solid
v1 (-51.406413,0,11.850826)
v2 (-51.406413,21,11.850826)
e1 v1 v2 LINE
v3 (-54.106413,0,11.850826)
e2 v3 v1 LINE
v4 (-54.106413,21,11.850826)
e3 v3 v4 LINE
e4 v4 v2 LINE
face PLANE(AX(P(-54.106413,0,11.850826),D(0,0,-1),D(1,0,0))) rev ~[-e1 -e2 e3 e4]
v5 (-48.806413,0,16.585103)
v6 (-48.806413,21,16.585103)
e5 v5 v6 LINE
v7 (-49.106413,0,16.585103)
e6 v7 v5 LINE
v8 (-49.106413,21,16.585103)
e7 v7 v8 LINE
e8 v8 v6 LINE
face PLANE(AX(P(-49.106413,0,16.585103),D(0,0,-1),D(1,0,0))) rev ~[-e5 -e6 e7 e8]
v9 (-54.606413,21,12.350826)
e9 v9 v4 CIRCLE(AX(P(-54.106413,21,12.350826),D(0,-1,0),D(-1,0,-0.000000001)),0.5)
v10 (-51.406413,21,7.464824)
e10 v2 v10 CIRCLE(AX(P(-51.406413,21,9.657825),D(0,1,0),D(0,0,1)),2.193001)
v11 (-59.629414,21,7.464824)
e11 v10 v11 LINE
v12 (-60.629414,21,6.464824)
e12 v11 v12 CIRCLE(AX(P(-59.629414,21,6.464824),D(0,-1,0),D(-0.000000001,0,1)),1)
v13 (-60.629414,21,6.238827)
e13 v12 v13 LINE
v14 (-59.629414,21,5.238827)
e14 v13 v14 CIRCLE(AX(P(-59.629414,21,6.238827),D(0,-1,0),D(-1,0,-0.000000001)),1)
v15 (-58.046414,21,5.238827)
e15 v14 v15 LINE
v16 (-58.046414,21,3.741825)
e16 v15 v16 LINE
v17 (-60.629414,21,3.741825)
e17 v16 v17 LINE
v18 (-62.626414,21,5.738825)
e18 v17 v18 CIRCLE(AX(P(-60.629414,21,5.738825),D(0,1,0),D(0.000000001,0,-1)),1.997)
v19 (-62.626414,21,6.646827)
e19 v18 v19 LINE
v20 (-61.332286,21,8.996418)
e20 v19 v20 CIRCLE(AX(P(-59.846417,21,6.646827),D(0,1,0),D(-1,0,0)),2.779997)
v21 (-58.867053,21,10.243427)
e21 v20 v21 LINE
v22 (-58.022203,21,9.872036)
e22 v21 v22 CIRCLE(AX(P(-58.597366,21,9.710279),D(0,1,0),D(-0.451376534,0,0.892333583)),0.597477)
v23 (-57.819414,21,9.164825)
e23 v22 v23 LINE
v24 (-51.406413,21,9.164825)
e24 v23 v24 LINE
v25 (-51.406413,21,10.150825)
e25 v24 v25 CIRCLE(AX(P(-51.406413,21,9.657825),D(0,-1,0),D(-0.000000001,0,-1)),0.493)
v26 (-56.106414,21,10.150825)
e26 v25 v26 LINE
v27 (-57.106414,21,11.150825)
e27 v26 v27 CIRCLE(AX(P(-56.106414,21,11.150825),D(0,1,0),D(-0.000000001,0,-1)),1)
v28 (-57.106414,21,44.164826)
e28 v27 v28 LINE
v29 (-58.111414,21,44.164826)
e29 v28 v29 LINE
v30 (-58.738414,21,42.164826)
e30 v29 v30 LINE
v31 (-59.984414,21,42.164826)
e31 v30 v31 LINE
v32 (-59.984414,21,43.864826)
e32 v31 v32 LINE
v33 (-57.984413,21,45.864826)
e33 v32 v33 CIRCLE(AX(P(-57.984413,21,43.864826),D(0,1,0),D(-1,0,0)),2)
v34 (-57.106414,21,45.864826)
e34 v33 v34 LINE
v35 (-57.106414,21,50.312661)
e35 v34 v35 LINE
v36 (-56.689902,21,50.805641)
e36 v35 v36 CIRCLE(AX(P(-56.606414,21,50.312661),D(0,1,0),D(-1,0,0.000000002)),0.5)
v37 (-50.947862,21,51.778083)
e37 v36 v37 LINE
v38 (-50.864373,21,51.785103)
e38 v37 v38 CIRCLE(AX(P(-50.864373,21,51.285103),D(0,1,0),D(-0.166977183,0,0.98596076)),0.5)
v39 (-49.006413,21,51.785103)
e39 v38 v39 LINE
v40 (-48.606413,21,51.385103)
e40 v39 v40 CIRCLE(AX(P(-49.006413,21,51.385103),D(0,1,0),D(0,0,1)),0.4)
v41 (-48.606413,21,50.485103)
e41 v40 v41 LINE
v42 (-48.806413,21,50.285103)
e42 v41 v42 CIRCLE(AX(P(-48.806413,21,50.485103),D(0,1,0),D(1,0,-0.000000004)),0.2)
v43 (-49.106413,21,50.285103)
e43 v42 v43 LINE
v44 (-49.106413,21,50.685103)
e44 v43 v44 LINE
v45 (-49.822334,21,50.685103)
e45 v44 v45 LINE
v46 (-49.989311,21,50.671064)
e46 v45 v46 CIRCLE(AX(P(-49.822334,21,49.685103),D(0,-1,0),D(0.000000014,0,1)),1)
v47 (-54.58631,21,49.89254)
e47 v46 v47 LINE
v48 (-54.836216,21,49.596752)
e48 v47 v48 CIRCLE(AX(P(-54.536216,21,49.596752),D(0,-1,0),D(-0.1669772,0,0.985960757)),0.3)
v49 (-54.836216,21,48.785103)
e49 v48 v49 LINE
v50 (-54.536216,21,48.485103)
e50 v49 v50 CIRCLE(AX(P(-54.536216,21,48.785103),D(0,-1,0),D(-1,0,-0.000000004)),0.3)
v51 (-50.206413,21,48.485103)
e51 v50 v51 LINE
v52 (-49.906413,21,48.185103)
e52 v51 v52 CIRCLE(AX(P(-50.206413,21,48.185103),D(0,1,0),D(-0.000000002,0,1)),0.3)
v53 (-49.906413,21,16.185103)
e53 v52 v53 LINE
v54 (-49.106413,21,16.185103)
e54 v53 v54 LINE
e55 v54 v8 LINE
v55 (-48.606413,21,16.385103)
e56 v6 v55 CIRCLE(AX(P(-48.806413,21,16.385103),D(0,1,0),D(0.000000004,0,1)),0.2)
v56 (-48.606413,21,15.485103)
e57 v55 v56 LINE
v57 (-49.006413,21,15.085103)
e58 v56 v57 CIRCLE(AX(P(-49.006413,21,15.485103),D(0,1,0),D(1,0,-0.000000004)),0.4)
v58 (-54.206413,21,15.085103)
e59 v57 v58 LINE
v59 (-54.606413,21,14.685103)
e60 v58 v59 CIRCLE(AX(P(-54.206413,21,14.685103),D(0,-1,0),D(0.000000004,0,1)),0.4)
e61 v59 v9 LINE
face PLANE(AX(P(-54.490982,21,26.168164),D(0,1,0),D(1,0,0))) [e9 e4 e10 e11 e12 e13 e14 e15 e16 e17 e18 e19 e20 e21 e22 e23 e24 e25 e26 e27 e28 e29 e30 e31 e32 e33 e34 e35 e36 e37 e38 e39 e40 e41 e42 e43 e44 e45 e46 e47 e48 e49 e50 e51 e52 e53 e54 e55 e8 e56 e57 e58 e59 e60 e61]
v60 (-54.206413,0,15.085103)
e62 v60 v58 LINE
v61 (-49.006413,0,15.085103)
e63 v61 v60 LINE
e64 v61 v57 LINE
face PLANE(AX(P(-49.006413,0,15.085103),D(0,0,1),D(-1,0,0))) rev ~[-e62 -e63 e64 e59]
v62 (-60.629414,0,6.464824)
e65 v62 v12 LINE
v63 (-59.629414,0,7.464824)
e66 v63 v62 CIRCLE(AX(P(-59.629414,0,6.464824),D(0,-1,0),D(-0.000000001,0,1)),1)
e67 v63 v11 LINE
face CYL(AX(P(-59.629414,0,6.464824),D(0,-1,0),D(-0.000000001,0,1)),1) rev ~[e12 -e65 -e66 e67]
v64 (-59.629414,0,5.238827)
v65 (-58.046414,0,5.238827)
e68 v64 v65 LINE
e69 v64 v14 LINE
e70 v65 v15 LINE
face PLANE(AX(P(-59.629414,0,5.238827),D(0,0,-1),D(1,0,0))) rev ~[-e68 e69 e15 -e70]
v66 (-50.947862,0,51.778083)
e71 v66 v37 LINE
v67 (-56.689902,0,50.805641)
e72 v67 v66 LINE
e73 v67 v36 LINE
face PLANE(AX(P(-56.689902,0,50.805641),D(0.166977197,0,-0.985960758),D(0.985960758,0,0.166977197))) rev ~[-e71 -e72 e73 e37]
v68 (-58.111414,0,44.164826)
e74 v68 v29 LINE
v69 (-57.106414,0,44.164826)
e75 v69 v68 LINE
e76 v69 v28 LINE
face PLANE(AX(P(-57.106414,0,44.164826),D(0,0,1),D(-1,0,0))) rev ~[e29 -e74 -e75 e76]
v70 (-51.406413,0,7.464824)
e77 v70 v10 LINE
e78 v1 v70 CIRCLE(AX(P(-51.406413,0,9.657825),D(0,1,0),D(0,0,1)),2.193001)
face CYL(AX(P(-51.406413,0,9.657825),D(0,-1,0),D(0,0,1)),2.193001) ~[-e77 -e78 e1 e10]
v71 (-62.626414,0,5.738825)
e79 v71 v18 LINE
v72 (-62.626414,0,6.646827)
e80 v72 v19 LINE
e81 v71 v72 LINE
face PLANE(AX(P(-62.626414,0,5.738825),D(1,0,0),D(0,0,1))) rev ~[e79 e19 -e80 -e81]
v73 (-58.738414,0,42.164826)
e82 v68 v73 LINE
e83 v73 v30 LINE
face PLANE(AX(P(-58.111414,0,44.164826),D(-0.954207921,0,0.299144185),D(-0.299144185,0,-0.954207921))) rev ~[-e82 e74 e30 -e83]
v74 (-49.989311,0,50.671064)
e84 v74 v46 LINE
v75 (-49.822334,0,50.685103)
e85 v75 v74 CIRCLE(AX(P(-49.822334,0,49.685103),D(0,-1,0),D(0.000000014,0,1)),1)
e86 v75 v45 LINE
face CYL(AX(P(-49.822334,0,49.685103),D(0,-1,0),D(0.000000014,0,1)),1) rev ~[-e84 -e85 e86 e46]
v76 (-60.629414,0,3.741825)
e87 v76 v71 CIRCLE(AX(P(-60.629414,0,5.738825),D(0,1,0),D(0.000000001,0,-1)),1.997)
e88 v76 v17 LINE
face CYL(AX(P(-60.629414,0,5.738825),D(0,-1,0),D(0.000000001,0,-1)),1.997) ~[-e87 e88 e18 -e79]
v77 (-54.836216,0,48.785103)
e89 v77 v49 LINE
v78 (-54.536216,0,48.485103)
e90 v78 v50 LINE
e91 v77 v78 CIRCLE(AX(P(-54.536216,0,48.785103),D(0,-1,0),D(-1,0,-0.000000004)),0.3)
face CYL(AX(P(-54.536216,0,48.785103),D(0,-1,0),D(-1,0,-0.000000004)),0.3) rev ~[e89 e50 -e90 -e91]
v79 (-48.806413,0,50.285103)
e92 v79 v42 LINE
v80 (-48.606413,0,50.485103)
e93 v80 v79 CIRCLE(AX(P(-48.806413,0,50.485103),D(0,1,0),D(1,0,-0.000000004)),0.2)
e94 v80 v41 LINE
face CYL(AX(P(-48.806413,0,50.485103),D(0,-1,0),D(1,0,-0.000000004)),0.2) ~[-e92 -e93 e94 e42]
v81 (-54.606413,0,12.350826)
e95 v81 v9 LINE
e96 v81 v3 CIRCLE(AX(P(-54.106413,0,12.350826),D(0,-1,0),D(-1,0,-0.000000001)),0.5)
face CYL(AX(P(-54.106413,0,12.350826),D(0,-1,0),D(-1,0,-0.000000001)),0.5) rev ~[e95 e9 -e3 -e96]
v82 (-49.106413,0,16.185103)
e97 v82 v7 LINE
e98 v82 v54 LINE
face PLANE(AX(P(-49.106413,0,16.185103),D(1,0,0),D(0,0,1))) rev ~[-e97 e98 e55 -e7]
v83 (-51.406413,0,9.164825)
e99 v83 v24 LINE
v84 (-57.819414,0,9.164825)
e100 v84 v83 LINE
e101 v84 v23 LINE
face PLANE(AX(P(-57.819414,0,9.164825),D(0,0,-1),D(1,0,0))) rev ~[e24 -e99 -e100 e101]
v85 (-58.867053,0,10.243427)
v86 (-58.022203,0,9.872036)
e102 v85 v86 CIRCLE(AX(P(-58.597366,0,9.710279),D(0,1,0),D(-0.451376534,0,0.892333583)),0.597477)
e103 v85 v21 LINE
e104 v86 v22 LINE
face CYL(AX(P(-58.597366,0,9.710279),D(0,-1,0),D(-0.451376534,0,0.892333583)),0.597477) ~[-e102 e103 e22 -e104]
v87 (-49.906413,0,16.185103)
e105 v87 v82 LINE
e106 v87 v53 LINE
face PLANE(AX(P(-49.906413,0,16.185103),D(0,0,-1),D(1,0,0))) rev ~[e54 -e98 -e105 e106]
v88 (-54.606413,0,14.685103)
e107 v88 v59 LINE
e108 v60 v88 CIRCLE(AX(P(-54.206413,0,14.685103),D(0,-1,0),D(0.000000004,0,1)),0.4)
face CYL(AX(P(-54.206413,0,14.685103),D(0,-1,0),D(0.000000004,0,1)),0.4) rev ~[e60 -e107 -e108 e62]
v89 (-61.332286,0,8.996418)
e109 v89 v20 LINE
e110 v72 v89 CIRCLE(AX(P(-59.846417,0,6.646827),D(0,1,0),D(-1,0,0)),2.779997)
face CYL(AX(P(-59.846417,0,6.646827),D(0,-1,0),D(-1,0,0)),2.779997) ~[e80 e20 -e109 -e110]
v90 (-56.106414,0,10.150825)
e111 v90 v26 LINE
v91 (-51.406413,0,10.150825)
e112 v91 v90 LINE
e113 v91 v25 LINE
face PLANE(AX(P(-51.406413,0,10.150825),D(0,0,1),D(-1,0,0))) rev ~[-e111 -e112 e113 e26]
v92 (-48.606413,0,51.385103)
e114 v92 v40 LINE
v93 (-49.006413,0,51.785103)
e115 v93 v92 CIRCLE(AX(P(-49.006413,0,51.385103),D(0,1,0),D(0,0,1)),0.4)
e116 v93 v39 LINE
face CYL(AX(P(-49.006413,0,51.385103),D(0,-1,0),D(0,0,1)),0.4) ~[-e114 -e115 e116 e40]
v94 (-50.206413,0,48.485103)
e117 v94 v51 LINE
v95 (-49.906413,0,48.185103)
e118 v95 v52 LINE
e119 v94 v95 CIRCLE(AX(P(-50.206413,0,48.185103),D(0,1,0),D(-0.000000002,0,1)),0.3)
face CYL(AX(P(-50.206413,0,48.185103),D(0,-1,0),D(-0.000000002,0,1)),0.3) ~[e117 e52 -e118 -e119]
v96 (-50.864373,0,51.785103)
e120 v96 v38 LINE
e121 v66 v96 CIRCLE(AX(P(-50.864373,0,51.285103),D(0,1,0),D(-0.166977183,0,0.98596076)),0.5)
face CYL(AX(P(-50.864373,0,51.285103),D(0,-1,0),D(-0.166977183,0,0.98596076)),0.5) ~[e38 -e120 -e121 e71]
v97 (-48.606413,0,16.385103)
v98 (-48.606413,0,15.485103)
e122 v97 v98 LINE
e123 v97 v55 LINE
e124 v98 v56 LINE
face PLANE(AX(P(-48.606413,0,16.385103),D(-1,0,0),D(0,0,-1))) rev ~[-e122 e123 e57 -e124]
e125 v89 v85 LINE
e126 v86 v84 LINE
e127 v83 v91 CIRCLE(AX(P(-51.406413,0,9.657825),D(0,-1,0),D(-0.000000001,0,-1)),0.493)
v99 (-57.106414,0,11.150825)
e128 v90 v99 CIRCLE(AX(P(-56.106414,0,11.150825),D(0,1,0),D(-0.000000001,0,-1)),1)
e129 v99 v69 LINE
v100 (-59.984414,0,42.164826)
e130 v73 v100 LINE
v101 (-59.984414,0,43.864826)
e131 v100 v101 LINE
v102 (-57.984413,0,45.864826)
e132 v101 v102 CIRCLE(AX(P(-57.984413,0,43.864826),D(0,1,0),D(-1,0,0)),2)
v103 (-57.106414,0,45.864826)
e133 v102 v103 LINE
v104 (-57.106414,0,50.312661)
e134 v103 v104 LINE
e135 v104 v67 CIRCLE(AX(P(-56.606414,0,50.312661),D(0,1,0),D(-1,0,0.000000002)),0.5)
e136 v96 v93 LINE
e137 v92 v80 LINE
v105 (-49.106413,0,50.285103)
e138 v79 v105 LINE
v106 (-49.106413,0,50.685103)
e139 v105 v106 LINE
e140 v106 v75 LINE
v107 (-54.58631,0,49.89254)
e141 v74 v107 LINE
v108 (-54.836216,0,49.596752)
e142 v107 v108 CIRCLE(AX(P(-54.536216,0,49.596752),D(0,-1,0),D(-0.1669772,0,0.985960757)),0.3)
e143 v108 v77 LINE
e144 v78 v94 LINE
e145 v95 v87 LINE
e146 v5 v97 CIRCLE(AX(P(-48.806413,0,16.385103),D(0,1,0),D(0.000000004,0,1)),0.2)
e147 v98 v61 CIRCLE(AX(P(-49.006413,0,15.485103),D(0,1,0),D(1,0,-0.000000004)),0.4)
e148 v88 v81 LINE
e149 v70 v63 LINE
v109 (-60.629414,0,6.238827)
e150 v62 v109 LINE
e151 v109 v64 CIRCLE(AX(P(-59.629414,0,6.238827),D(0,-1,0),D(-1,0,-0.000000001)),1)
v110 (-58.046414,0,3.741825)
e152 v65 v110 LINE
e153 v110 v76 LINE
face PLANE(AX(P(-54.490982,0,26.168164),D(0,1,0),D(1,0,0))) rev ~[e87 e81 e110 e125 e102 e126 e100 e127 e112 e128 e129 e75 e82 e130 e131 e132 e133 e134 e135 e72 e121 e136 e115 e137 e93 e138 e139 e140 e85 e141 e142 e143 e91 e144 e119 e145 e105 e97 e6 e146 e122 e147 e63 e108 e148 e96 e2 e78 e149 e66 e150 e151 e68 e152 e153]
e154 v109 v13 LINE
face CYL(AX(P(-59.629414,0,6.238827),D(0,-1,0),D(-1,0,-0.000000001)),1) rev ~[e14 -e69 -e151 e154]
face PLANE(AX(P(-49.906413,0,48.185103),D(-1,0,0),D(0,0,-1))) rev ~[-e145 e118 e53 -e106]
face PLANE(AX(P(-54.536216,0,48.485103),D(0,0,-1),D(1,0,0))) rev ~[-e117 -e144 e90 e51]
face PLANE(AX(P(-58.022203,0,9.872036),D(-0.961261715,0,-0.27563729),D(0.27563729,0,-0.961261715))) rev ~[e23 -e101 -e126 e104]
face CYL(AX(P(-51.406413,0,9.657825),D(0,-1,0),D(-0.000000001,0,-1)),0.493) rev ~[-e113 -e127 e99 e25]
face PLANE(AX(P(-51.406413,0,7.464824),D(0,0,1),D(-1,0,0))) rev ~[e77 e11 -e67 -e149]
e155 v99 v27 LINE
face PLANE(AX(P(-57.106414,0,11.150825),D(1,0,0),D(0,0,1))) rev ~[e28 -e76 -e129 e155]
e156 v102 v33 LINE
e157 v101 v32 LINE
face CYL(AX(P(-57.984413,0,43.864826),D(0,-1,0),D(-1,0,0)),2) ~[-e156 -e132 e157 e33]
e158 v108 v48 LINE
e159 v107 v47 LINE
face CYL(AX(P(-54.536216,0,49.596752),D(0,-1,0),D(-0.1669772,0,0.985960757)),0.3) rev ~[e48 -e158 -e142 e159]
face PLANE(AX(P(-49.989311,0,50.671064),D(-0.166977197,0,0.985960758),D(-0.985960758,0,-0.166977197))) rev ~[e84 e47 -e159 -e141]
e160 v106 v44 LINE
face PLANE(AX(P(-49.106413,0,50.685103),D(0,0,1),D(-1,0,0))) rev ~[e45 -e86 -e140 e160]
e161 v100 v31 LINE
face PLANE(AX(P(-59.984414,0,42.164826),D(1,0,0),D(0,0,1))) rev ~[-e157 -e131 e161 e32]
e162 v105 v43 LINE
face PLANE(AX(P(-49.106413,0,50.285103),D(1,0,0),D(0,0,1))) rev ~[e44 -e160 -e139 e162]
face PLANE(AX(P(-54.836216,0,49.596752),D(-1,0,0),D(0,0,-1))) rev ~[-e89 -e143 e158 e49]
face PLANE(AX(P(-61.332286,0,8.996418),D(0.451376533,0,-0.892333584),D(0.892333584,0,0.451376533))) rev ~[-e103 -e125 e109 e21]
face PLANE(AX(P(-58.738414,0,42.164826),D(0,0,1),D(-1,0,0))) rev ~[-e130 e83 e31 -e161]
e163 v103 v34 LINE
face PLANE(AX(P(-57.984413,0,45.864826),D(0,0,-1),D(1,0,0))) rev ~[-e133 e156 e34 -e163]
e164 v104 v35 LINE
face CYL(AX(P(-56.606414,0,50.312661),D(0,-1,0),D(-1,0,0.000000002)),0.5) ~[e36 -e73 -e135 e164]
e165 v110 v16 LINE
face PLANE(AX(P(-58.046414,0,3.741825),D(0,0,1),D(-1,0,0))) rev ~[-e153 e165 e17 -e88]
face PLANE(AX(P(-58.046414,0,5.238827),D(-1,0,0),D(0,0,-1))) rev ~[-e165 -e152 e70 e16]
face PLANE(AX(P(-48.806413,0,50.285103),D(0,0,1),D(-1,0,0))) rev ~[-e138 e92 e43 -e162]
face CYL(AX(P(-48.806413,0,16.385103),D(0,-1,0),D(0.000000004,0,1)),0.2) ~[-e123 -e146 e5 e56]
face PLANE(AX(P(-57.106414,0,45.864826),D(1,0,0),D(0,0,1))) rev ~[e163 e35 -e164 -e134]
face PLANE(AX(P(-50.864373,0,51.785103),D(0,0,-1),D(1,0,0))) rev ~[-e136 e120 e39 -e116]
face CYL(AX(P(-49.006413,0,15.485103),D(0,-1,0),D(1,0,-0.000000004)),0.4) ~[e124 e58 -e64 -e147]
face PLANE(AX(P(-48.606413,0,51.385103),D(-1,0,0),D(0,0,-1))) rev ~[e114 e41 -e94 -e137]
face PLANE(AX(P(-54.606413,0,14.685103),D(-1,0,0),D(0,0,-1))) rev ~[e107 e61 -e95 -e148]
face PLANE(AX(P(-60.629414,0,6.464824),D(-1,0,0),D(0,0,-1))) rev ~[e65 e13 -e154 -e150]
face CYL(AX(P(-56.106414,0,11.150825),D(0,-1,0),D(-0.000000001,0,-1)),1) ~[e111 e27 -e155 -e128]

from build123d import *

# Parameters (mm, degrees)
BOSS_EXTRUDE2_DEPTH = 21


with BuildPart() as part:
    # Sketch1 → Boss-Extrude2 (new body)
    with BuildSketch(Plane(origin=(0, 0, 0), x_dir=(1, 0, 0), z_dir=(0, 1, 0))):
        with BuildLine():
            Line((-57.106413622, -7.464824426), (-59.629413704, -7.464824426))
            ThreePointArc((-59.629413704, -7.464824426), (-60.336520485, -7.171931207), (-60.629413704, -6.464824426))
            Line((-60.629413704, -6.464824426), (-60.629413704, -6.238826501))
            ThreePointArc((-60.629413704, -6.238826501), (-60.336520485, -5.53171972), (-59.629413704, -5.238826501))
            Line((-59.629413704, -5.238826501), (-58.046413759, -5.238826501))
            Line((-58.046413759, -5.238826501), (-58.046413759, -3.741824854))
            Line((-58.046413759, -3.741824854), (-60.629413704, -3.741824854))
            ThreePointArc((-60.629413704, -3.741824854), (-62.041505931, -4.326732605), (-62.626413683, -5.738824833))
            Line((-62.626413683, -5.738824833), (-62.626413683, -6.646827448))
            ThreePointArc((-62.626413683, -6.646827448), (-62.281482952, -7.988034096), (-61.33228598, -8.996417749))
            Line((-61.33228598, -8.996417749), (-58.867053131, -10.243427026))
            ThreePointArc((-58.867053131, -10.243427026), (-58.356925281, -10.257239692), (-58.022202829, -9.87203573))
            Line((-58.022202829, -9.87203573), (-57.819413522, -9.164825189))
            Line((-57.819413522, -9.164825189), (-51.406413416, -9.164825189))
            ThreePointArc((-51.406413416, -9.164825189), (-50.913413385, -9.65782522), (-51.406413416, -10.15082525))
            Line((-51.406413416, -10.15082525), (-56.106413702, -10.15082525))
            ThreePointArc((-56.106413702, -10.15082525), (-56.813520483, -10.443718469), (-57.106413702, -11.15082525))
            Line((-57.106413702, -11.15082525), (-57.106413702, -44.164825666))
            Line((-57.106413702, -44.164825666), (-58.111413816, -44.164825666))
            Line((-58.111413816, -44.164825666), (-58.738413671, -42.164826143))
            Line((-58.738413671, -42.164826143), (-59.984413723, -42.164826143))
            Line((-59.984413723, -42.164826143), (-59.984413723, -43.864825714))
            ThreePointArc((-59.984413723, -43.864825714), (-59.398627215, -45.279039445), (-57.984413484, -45.864825952))
            Line((-57.984413484, -45.864825952), (-57.106413702, -45.864825952))
            Line((-57.106413702, -45.864825952), (-57.106413702, -50.312660842))
            ThreePointArc((-57.106413702, -50.312660842), (-56.988345829, -50.635349314), (-56.6899023, -50.805641221))
            Line((-56.6899023, -50.805641221), (-50.947861868, -51.77808339))
            ThreePointArc((-50.947861868, -51.77808339), (-50.906264859, -51.783345015), (-50.864373269, -51.785103011))
            Line((-50.864373269, -51.785103011), (-49.006412669, -51.785103011))
            ThreePointArc((-49.006412669, -51.785103011), (-48.723569957, -51.667945724), (-48.606412669, -51.385103011))
            Line((-48.606412669, -51.385103011), (-48.606412669, -50.485103011))
            ThreePointArc((-48.606412669, -50.485103011), (-48.664991313, -50.343681655), (-48.806412669, -50.285103011))
            Line((-48.806412669, -50.285103011), (-49.106412669, -50.285103011))
            Line((-49.106412669, -50.285103011), (-49.106412669, -50.685103011))
            Line((-49.106412669, -50.685103011), (-49.822333869, -50.685103011))
            ThreePointArc((-49.822333869, -50.685103011), (-49.906117049, -50.68158702), (-49.989311067, -50.671063769))
            Line((-49.989311067, -50.671063769), (-54.586309617, -49.892539951))
            ThreePointArc((-54.586309617, -49.892539951), (-54.765375734, -49.790364807), (-54.836216458, -49.596751723))
            Line((-54.836216458, -49.596751723), (-54.836216458, -48.785103011))
            ThreePointArc((-54.836216458, -48.785103011), (-54.748348492, -48.572970977), (-54.536216458, -48.485103011))
            Line((-54.536216458, -48.485103011), (-50.206412669, -48.485103011))
            ThreePointArc((-50.206412669, -48.485103011), (-49.994280635, -48.397235046), (-49.906412669, -48.185103011))
            Line((-49.906412669, -48.185103011), (-49.906412669, -16.585103011))
            Line((-49.906412669, -16.585103011), (-49.906412669, -16.185103011))
            Line((-49.906412669, -16.185103011), (-49.106412669, -16.185103011))
            Line((-49.106412669, -16.185103011), (-49.106412669, -16.585103011))
            Line((-49.106412669, -16.585103011), (-48.806412669, -16.585103011))
            ThreePointArc((-48.806412669, -16.585103011), (-48.664991313, -16.526524367), (-48.606412669, -16.385103011))
            Line((-48.606412669, -16.385103011), (-48.606412669, -15.485103011))
            ThreePointArc((-48.606412669, -15.485103011), (-48.723569957, -15.202260299), (-49.006412669, -15.085103011))
            Line((-49.006412669, -15.085103011), (-53.806412669, -15.085103011))
            Line((-53.806412669, -15.085103011), (-54.206412669, -15.085103011))
            ThreePointArc((-54.206412669, -15.085103011), (-54.489255382, -14.967945724), (-54.606412669, -14.685103011))
            Line((-54.606412669, -14.685103011), (-54.606412669, -14.585103011))
            Line((-54.606412669, -14.585103011), (-54.606412669, -12.350826013))
            ThreePointArc((-54.606412669, -12.350826013), (-54.45996606, -11.997272623), (-54.106412669, -11.850826013))
            Line((-54.106412669, -11.850826013), (-51.40641286, -11.850826013))
            ThreePointArc((-51.40641286, -11.850826013), (-49.213412067, -9.65782522), (-51.40641286, -7.464824426))
            Line((-51.40641286, -7.464824426), (-54.106412669, -7.464824426))
            Line((-54.106412669, -7.464824426), (-57.106413622, -7.464824426))
        make_face()
    extrude(amount=BOSS_EXTRUDE2_DEPTH)


solid = part.part
